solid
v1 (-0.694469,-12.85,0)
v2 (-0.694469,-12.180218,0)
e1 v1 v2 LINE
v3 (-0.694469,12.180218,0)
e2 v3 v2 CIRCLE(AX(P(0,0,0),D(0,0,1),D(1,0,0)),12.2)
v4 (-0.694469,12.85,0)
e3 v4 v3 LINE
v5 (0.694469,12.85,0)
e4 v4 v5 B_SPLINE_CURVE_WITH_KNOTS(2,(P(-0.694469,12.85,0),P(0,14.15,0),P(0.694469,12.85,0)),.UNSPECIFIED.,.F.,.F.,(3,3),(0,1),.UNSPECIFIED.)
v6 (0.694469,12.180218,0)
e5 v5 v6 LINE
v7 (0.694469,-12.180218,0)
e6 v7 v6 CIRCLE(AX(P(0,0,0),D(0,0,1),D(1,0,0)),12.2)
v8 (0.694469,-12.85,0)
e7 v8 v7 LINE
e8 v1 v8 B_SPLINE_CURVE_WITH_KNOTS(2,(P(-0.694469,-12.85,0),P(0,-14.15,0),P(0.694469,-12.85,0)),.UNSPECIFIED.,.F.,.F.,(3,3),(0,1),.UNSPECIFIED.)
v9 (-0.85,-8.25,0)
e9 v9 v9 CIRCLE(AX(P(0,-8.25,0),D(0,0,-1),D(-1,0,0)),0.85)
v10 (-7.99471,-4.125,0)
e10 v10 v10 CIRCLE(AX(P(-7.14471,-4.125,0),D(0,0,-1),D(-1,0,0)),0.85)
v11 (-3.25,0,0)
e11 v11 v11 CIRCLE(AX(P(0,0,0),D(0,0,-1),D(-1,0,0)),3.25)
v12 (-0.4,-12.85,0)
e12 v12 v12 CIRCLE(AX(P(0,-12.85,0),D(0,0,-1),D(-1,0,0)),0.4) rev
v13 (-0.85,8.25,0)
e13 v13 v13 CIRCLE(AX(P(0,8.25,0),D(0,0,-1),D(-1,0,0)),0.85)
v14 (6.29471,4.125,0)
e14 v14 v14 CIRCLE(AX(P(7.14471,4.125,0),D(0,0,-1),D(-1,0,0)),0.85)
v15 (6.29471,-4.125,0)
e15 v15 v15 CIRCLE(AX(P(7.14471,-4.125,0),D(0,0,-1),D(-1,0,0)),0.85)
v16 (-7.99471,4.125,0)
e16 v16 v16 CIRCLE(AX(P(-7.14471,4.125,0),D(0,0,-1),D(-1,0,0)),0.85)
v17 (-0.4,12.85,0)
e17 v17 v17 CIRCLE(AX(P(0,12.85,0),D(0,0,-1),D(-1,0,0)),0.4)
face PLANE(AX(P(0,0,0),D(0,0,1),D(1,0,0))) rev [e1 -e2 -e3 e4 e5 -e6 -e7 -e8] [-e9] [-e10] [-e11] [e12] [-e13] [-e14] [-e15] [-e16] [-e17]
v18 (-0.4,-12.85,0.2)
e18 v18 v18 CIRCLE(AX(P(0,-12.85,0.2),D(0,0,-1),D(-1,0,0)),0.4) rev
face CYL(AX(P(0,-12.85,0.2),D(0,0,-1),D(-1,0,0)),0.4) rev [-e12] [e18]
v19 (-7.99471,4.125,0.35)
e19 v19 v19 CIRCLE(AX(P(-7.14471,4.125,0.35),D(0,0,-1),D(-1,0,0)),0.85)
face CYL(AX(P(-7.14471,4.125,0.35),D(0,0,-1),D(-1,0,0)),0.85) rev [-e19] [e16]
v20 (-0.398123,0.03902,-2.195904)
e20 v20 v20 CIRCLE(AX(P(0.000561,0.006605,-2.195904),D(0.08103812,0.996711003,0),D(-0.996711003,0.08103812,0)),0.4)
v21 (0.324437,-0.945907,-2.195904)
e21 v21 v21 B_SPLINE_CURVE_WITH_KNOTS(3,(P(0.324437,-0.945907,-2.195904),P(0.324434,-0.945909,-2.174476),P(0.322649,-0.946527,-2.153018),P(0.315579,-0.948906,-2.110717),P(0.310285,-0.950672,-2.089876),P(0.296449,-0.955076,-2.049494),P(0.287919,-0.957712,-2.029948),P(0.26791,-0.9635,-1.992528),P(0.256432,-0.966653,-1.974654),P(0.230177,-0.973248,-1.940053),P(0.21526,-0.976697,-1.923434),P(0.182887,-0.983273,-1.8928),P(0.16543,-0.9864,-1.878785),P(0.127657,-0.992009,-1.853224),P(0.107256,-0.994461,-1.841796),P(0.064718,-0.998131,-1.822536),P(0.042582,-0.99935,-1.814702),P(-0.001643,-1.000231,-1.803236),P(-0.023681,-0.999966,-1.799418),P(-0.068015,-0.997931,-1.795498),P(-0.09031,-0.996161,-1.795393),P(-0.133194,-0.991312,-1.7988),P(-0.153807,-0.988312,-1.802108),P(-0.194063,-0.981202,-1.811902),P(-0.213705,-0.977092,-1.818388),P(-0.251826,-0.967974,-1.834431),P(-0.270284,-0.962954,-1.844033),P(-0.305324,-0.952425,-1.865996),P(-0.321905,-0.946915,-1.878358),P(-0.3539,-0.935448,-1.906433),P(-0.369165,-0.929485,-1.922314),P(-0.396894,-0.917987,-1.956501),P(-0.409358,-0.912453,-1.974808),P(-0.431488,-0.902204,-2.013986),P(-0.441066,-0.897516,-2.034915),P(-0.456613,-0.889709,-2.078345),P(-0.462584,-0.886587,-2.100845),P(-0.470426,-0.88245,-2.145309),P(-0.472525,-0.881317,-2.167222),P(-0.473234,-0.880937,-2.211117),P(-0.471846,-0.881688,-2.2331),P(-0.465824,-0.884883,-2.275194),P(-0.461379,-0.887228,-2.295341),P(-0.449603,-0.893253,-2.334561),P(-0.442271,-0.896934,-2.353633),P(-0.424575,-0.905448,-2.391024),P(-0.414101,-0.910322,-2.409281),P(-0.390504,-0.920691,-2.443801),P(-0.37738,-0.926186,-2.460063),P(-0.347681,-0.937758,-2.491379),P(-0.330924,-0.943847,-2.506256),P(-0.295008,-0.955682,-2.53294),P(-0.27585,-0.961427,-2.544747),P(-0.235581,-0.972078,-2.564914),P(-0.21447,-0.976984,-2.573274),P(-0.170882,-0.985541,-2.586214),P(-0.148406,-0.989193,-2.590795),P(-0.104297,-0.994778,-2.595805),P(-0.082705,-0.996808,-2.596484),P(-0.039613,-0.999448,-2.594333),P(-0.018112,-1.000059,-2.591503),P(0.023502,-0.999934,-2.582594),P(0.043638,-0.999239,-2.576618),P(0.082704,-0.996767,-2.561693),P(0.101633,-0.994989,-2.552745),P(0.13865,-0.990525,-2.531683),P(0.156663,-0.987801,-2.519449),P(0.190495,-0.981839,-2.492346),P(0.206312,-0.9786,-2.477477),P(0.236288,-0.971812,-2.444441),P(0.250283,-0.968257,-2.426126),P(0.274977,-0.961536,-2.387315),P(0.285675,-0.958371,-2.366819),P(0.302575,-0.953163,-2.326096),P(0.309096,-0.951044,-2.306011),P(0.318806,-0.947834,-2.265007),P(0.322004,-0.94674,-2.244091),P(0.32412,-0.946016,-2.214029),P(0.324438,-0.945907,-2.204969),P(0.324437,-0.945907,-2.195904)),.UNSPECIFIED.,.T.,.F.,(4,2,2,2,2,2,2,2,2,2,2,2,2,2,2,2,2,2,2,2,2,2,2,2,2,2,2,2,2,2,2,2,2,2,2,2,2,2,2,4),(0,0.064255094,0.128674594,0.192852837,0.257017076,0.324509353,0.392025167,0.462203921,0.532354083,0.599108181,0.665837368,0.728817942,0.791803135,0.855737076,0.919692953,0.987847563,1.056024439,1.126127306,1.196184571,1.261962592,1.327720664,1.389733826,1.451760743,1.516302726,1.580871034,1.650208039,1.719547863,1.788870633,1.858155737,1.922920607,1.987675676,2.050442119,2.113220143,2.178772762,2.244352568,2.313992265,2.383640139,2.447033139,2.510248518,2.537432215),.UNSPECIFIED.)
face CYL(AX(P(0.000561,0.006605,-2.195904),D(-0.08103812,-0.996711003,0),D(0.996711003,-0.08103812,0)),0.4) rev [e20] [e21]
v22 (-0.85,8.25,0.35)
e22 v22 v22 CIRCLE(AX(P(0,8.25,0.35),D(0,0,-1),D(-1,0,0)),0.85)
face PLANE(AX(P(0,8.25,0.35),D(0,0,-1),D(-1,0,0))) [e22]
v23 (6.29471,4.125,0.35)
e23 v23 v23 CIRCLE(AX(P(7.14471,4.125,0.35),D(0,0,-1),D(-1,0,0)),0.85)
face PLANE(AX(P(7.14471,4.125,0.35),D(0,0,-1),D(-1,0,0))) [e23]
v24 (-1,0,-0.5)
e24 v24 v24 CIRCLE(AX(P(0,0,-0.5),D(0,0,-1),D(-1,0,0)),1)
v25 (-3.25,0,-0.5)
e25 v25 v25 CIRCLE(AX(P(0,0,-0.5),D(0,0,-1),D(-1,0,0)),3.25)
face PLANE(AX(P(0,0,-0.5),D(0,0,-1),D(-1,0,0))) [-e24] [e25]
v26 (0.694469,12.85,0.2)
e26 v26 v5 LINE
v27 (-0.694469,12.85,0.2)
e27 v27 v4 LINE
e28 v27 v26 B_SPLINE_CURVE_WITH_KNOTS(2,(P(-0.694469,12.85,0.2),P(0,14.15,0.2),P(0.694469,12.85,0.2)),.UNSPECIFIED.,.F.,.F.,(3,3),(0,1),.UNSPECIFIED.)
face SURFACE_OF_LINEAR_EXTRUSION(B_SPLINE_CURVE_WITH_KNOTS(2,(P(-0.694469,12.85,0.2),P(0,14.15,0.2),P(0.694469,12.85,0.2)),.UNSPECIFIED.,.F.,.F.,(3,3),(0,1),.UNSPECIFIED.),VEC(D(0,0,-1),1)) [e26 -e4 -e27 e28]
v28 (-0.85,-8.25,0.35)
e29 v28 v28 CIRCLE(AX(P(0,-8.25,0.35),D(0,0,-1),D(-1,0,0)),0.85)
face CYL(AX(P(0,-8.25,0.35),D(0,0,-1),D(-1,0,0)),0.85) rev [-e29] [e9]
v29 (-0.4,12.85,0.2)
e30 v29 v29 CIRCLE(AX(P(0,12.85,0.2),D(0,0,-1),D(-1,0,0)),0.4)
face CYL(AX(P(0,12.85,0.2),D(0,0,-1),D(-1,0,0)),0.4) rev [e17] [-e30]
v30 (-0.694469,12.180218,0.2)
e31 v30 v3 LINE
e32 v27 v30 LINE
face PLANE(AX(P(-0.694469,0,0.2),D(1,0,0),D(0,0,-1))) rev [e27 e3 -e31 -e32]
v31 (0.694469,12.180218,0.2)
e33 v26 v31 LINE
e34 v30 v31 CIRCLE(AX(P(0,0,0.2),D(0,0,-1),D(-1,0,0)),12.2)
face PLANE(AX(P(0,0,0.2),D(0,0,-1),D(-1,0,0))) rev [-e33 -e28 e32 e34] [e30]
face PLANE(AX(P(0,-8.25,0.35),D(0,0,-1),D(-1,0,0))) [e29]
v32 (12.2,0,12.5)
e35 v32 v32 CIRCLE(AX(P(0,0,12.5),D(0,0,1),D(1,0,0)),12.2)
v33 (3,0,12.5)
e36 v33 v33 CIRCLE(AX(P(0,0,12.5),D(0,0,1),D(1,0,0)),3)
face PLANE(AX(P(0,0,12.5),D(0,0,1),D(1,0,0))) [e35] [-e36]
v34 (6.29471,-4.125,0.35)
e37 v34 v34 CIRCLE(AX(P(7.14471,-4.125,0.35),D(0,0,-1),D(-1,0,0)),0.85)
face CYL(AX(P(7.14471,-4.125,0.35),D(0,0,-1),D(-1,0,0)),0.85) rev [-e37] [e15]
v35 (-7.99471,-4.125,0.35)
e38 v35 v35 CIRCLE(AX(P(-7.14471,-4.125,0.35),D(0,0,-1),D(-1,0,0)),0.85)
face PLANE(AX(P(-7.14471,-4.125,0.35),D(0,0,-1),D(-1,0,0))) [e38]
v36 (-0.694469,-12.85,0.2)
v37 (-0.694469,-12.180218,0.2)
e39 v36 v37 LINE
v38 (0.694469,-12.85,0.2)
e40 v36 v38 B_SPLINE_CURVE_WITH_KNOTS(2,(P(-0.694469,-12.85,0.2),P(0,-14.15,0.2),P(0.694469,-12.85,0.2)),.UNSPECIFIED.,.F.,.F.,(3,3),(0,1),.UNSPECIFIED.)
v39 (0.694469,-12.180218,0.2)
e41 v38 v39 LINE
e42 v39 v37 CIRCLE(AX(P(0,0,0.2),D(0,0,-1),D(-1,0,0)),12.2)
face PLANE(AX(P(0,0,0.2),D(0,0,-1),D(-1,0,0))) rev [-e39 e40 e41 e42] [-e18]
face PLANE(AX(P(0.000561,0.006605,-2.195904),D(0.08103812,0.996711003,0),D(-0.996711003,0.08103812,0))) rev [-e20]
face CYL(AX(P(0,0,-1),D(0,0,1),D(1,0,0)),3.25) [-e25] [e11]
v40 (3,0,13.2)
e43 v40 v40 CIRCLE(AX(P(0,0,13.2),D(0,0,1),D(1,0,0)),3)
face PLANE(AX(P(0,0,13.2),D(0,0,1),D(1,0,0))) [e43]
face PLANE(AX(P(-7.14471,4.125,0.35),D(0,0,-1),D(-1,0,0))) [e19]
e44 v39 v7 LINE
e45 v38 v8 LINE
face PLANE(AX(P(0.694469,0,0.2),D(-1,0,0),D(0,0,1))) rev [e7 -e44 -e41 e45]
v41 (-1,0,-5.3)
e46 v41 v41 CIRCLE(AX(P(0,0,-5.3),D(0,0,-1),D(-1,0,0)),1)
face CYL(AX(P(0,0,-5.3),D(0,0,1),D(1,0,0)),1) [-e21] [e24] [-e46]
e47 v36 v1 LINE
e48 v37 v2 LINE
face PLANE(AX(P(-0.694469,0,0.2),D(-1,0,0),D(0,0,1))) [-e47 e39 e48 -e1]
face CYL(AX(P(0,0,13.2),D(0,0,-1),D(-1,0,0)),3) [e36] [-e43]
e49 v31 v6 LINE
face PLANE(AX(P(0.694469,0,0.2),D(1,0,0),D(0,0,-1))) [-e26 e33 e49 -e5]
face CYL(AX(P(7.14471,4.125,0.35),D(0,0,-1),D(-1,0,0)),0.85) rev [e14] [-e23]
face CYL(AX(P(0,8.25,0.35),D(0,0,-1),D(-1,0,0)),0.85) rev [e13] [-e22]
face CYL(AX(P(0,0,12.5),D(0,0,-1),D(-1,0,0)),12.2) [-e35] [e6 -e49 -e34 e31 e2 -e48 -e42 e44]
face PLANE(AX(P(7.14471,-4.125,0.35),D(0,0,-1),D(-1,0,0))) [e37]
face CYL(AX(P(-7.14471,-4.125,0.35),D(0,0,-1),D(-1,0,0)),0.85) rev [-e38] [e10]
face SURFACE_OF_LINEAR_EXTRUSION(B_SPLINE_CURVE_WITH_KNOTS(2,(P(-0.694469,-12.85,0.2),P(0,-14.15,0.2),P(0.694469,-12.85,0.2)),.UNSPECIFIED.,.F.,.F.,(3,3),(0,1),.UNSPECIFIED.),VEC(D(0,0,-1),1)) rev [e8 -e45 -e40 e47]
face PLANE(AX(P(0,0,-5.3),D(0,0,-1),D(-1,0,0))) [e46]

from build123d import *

# Parameters (mm, degrees)
SKETCH_1_R               = 12.2
EXTRUDE_1_DEPTH          = 12.5
SKETCH_2_R               = 3
EXTRUDE_2_DEPTH          = 0.7
SKETCH_3_R               = 3.25
EXTRUDE_3_DEPTH          = 1
SKETCH_4_R               = 1
EXTRUDE_4_DEPTH          = 4.3
SKETCH_5_R               = 0.85
CUT_EXTRUDE_1_DEPTH      = 0.35
CUT_EXTRUDE_START        = -0.5
SKETCH_6_R               = 3.25
SKETCH_6_R_2             = 1
CUT_EXTRUDE_2_DEPTH      = 0.5
SKETCH_8_R               = 0.4
EXTRUDE_6_DEPTH          = 0.2
CUT_EXTRUDE_3_DEPTH      = 2
CUT_EXTRUDE_3_DEPTH_BACK = 1.1
SKETCH_9_R               = 0.4


with BuildPart() as part:
    # 草图1 → 凸台-拉伸1 (new body)
    with BuildSketch(Plane.XY):
        Circle(SKETCH_1_R)
    extrude(amount=EXTRUDE_1_DEPTH)

    # 草图2 → 凸台-拉伸2 (add)
    with BuildSketch(Plane.XY.offset(12.5)):
        Circle(SKETCH_2_R)
    extrude(amount=EXTRUDE_2_DEPTH)

    # 草图3 → 凸台-拉伸3 (add)
    with BuildSketch(Plane(origin=(0, 0, 0), x_dir=(-1, 0, 0), z_dir=(0, 0, -1))):
        Circle(SKETCH_3_R)
    extrude(amount=EXTRUDE_3_DEPTH)

    # 草图4 → 凸台-拉伸4 (add)
    with BuildSketch(Plane(origin=(0, 0, -1), x_dir=(-1, 0, 0), z_dir=(0, 0, -1))):
        with Locations(Location((0, 0, 0), (0, 0, 180))):
            Circle(SKETCH_4_R)
    extrude(amount=EXTRUDE_4_DEPTH)

    # 草图5 → 切除-拉伸1 (cut)
    with BuildSketch(Plane(origin=(0, 0, 0), x_dir=(-1, 0, 0), z_dir=(0, 0, -1))):
        with Locations((0, 8.25)):
            Circle(SKETCH_5_R)
        with Locations((7.144709581, 4.125)):
            Circle(SKETCH_5_R)
        with Locations((7.144709581, -4.125)):
            Circle(SKETCH_5_R)
        with Locations((0, -8.25)):
            Circle(SKETCH_5_R)
        with Locations((-7.144709581, -4.125)):
            Circle(SKETCH_5_R)
        with Locations((-7.144709581, 4.125)):
            Circle(SKETCH_5_R)
    extrude(amount=-CUT_EXTRUDE_1_DEPTH, mode=Mode.SUBTRACT)

    # 草图6 → 切除-拉伸2 (cut)
    with BuildSketch(Plane(origin=(0, 0, -1), x_dir=(-1, 0, 0), z_dir=(0, 0, -1)).offset(CUT_EXTRUDE_START)):
        Circle(SKETCH_6_R)
        with Locations(Location((0, 0, 0), (0, 0, 180))):
            Circle(SKETCH_6_R_2, mode=Mode.SUBTRACT)
    extrude(amount=CUT_EXTRUDE_2_DEPTH, mode=Mode.SUBTRACT)

    # 草图8 → 凸台-拉伸6 (add)
    # profile 1 of 2: a face of its own
    with BuildSketch(Plane(origin=(0, 0, 0), x_dir=(-1, 0, 0), z_dir=(0, 0, -1))):
        with BuildLine():
            Line((0.694469448, 12.85), (0.694469448, 12.180218068))
            add(Edge.make_bspline(
                [(0.694469448, 12.180218068), (0, 12.219781932), (-0.694469448, 12.180218068)],
                knots=[0, 0, 0, 1, 1, 1], degree=2))
            Line((-0.694469448, 12.180218068), (-0.694469448, 12.85))
            add(Edge.make_bspline(
                [(0.694469448, 12.85), (0, 14.15), (-0.694469448, 12.85)],
                knots=[0, 0, 0, 1, 1, 1], degree=2))
        make_face()
        with Locations((0, 12.85)):
            Circle(SKETCH_8_R, mode=Mode.SUBTRACT)
    # profile 2 of 2: a face of its own
    with BuildSketch(Plane(origin=(0, 0, 0), x_dir=(-1, 0, 0), z_dir=(0, 0, -1))):
        with BuildLine():
            Line((-0.694469448, -12.85), (-0.694469448, -12.180218068))
            add(Edge.make_bspline(
                [(0.694469448, -12.180218068), (0, -12.219781932), (-0.694469448, -12.180218068)],
                knots=[0, 0, 0, 1, 1, 1], degree=2))
            Line((0.694469448, -12.180218068), (0.694469448, -12.85))
            add(Edge.make_bspline(
                [(0.694469448, -12.85), (0, -14.15), (-0.694469448, -12.85)],
                knots=[0, 0, 0, 1, 1, 1], degree=2))
        make_face()
        with Locations((0, -12.85)):
            Circle(SKETCH_8_R, mode=Mode.SUBTRACT)
    extrude(amount=-EXTRUDE_6_DEPTH)

    # 草图9 → 切除-拉伸3 (cut, two sides: drawn at the far end of the back side and taken through both)
    with BuildSketch(Plane(origin=(-65.68529626, 3.340628685, 41.676272609), x_dir=(0, 0, -1), z_dir=(0.08103812035682426, 0.9967110027731373, 1.0147062402532315e-14)).offset(-CUT_EXTRUDE_3_DEPTH_BACK)):
        with Locations(Location((43.872176256, -65.74, 0), (0, 0, 270))):
            Circle(SKETCH_9_R)
    extrude(amount=CUT_EXTRUDE_3_DEPTH + CUT_EXTRUDE_3_DEPTH_BACK, mode=Mode.SUBTRACT)


solid = part.part
